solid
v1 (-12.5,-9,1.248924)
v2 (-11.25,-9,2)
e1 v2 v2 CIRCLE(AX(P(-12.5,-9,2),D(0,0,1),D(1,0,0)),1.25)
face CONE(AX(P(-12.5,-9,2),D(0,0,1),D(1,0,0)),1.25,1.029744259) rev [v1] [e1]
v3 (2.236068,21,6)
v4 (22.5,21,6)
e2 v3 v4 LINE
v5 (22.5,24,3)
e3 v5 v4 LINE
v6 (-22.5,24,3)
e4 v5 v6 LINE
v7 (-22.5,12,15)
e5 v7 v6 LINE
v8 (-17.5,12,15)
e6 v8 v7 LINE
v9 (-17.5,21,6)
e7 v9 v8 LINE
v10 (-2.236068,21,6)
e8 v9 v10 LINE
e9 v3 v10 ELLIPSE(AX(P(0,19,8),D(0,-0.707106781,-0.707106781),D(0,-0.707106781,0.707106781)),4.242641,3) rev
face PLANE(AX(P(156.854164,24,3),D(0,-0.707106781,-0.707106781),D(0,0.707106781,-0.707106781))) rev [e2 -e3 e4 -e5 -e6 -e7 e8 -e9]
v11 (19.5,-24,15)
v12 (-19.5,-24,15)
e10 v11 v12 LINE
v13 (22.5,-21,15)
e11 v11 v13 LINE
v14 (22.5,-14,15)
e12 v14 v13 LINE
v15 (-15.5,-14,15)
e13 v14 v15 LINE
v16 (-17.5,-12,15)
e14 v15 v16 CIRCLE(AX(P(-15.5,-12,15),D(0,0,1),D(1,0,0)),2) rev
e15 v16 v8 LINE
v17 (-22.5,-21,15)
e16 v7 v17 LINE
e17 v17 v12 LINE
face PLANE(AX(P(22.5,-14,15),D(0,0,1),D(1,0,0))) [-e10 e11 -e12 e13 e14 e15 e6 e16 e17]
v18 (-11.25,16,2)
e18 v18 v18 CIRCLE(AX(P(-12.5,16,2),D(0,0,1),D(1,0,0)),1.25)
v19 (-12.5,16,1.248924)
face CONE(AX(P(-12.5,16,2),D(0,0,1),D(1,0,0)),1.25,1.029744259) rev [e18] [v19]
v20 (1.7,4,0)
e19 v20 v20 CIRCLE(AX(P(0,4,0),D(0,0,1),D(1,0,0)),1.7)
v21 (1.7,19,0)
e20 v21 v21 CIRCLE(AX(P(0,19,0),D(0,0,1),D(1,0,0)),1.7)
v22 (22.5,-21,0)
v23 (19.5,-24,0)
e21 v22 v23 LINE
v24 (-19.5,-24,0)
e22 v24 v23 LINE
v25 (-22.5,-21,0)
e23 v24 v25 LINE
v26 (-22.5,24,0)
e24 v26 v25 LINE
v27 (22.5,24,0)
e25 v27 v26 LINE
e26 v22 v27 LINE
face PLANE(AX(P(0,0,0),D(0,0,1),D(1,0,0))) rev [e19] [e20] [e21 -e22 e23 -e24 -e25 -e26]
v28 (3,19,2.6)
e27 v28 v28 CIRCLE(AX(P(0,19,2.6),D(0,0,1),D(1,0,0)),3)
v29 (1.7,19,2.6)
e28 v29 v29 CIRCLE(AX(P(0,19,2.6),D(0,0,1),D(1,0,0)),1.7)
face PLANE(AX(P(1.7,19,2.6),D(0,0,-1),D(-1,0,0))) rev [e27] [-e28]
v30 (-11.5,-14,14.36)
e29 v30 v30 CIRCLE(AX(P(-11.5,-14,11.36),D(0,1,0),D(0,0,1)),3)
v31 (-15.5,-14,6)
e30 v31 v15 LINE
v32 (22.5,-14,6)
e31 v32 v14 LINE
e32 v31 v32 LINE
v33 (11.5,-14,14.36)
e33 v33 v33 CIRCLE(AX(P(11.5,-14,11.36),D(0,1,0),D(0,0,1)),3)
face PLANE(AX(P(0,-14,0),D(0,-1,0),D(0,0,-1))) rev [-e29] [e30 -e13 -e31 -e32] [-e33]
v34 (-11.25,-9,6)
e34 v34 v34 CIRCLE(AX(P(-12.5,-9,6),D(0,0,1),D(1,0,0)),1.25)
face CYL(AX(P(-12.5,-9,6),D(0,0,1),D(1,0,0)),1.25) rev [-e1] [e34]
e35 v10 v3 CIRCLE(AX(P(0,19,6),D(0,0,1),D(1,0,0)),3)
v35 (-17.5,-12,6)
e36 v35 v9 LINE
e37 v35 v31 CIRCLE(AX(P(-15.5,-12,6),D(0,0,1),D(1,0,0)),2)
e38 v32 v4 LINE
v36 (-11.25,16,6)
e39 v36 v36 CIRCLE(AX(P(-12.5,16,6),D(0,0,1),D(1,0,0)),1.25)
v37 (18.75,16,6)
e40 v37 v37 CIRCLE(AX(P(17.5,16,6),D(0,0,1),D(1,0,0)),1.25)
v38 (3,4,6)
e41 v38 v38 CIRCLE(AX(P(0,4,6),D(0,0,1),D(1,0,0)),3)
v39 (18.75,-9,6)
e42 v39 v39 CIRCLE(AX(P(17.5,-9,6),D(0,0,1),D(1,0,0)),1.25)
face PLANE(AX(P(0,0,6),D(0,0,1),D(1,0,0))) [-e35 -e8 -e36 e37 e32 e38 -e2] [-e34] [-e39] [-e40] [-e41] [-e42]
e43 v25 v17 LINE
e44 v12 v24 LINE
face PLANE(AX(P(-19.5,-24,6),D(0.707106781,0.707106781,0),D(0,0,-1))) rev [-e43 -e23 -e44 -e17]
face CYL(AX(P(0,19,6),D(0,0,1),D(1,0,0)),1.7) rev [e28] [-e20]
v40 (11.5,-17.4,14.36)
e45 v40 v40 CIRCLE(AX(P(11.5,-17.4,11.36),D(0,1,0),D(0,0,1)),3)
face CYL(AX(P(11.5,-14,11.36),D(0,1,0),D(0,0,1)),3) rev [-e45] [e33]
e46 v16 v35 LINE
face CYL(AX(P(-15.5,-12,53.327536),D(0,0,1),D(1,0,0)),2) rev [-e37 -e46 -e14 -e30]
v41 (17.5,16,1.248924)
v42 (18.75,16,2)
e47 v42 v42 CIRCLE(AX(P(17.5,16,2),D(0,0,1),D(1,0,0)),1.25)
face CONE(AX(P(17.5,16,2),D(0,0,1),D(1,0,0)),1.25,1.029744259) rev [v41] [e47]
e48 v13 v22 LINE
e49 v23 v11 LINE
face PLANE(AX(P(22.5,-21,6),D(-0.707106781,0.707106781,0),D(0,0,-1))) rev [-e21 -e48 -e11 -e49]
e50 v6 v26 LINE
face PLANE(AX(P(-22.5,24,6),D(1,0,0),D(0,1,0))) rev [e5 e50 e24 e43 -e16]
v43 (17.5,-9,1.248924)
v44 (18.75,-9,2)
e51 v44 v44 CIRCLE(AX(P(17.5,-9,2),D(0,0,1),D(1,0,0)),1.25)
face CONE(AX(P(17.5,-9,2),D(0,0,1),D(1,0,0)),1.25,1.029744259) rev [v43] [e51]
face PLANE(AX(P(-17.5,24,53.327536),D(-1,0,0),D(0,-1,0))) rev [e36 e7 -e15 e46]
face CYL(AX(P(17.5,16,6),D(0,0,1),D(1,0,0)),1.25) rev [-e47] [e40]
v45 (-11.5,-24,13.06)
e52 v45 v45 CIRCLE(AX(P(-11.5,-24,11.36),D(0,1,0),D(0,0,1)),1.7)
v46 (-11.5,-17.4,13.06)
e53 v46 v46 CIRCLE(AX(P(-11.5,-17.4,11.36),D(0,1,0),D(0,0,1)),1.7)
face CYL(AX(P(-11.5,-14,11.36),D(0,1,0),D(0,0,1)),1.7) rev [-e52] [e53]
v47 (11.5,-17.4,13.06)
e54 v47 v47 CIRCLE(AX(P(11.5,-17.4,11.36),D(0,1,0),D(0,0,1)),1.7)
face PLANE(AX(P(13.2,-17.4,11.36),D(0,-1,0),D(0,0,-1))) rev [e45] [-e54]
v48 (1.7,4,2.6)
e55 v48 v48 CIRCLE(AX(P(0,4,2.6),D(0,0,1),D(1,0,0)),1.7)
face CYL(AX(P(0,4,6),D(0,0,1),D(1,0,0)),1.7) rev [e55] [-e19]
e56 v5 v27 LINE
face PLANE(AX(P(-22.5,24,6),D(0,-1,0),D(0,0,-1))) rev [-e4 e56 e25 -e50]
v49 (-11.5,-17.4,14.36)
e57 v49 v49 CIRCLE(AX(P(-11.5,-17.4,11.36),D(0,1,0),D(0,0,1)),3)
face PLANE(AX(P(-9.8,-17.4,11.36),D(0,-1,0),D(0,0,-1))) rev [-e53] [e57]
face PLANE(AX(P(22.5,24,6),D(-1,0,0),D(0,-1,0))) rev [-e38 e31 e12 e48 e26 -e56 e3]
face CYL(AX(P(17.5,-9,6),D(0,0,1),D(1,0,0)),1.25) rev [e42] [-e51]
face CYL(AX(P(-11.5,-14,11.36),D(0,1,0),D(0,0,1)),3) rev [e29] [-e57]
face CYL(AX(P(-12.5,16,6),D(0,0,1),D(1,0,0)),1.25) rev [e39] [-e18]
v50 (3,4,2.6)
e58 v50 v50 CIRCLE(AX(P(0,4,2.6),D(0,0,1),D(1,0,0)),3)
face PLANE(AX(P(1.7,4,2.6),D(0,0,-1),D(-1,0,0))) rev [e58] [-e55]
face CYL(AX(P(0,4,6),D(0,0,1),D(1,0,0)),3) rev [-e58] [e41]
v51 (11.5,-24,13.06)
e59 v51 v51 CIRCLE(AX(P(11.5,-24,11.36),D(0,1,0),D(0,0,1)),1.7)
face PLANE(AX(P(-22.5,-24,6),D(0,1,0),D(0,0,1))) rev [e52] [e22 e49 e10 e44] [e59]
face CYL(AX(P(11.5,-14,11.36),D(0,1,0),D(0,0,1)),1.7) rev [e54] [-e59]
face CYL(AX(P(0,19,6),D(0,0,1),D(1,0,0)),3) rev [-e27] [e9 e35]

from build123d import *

# Parameters (mm, degrees)
SKETCH1_W                                            = 45
SKETCH1_H                                            = 48
BOSS_EXTRUDE1_DEPTH                                  = 6
SKETCH2_W                                            = 45
SKETCH2_H                                            = 15
BOSS_EXTRUDE2_DEPTH                                  = 10
CBORE_FOR_M3_HEXAGON_SOCKET_HEAD_CAP_SCR_D           = 3.4
CBORE_FOR_M3_HEXAGON_SOCKET_HEAD_CAP_SCR_DEPTH       = 15
CBORE_FOR_M3_HEXAGON_SOCKET_HEAD_CAP_SCR_CBORE_D     = 6
CBORE_FOR_M3_HEXAGON_SOCKET_HEAD_CAP_SCR_CBORE_DEPTH = 3.4
CBORE_FOR_M3_HEXAGON_SOCKET_HEAD_CAP_SCR_TIP         = 1.021463052
SKETCH6_W                                            = 5
SKETCH6_H                                            = 38
BOSS_EXTRUDE3_DEPTH                                  = 9
FILLET1_R                                            = 2
CBORE_FOR_M3_HEXAGON_SOCKET_HEAD_CAP_2_D             = 3.4
CBORE_FOR_M3_HEXAGON_SOCKET_HEAD_CAP_2_CBORE_D       = 6
CBORE_FOR_M3_HEXAGON_SOCKET_HEAD_CAP_2_CBORE_DEPTH   = 3.4
CHAMFER3_SIZE                                        = 3
CUT_EXTRUDE1_DEPTH                                   = 54.16013544
CUT_EXTRUDE1_DEPTH_BACK                              = 54.16013544
M3_TAPPED_HOLE1_D                                    = 2.5
M3_TAPPED_HOLE1_DEPTH                                = 4
M3_TAPPED_HOLE1_TIP                                  = 0.751075774


with BuildPart() as part:
    # Sketch1 → Boss-Extrude1 (new body)
    with BuildSketch(Plane.XY):
        Rectangle(SKETCH1_W, SKETCH1_H)
    extrude(amount=BOSS_EXTRUDE1_DEPTH)

    # Sketch2 → Boss-Extrude2 (add)
    with BuildSketch(Plane.XZ.offset(24)):
        with Locations((0, 7.5)):
            Rectangle(SKETCH2_W, SKETCH2_H)
    extrude(amount=-BOSS_EXTRUDE2_DEPTH)

    # CBORE for M3 Hexagon socket head cap scr
    with Locations(Plane(origin=(0, -14, 0), x_dir=(1, 0, 0), z_dir=(0, 1, 0))):
        with Locations((-11.5, -11.36), (11.5, -11.36)):
            CounterBoreHole(CBORE_FOR_M3_HEXAGON_SOCKET_HEAD_CAP_SCR_D / 2, CBORE_FOR_M3_HEXAGON_SOCKET_HEAD_CAP_SCR_CBORE_D / 2, CBORE_FOR_M3_HEXAGON_SOCKET_HEAD_CAP_SCR_CBORE_DEPTH, depth=CBORE_FOR_M3_HEXAGON_SOCKET_HEAD_CAP_SCR_DEPTH)
            with Locations((0, 0, -(CBORE_FOR_M3_HEXAGON_SOCKET_HEAD_CAP_SCR_DEPTH + CBORE_FOR_M3_HEXAGON_SOCKET_HEAD_CAP_SCR_TIP / 2))):  # 118° drill point
                Cone(0, CBORE_FOR_M3_HEXAGON_SOCKET_HEAD_CAP_SCR_D / 2, CBORE_FOR_M3_HEXAGON_SOCKET_HEAD_CAP_SCR_TIP, mode=Mode.SUBTRACT)

    # Sketch6 → Boss-Extrude3 (add)
    with BuildSketch(Plane.XY.offset(6)):
        with Locations((-20, 5)):
            Rectangle(SKETCH6_W, SKETCH6_H)
    extrude(amount=BOSS_EXTRUDE3_DEPTH)

    # Fillet1
    fillet1_edges = [part.edges().sort_by_distance(p)[0] for p in [
        (-17.5, -14, 10.5),
    ]]
    fillet(fillet1_edges, radius=FILLET1_R)

    # CBORE for M3 Hexagon socket head cap 2 (through all)
    with Locations(Plane.XY.offset(6)):
        with Locations((0, 19), (0, 4)):
            CounterBoreHole(CBORE_FOR_M3_HEXAGON_SOCKET_HEAD_CAP_2_D / 2, CBORE_FOR_M3_HEXAGON_SOCKET_HEAD_CAP_2_CBORE_D / 2, CBORE_FOR_M3_HEXAGON_SOCKET_HEAD_CAP_2_CBORE_DEPTH)

    # Chamfer3
    chamfer3_edges = [part.edges().sort_by_distance(p)[0] for p in [
        (22.5, -24, 7.5),
        (-22.5, -24, 7.5),
    ]]
    chamfer(chamfer3_edges, length=CHAMFER3_SIZE)

    # Sketch9 → Cut-Extrude1 (cut, two sides: drawn at the far end of the back side and taken through both)
    with BuildSketch(Plane(origin=(22.5, 0, 0), x_dir=(0, 0, -1), z_dir=(1, 0, 0)).offset(-CUT_EXTRUDE1_DEPTH_BACK)):
        Polygon((74.04249055, 101.04249055), (-3, 24), (-15, 12), (-92.04249055, -65.04249055), (-246.12747165, 89.04249055), (-80.04249055, 255.12747165), align=None)
    extrude(amount=CUT_EXTRUDE1_DEPTH + CUT_EXTRUDE1_DEPTH_BACK, mode=Mode.SUBTRACT)

    # M3 Tapped Hole1
    with Locations(Plane.XY.offset(6)):
        with Locations((-12.5, 16), (17.5, 16), (-12.5, -9), (17.5, -9)):
            Hole(M3_TAPPED_HOLE1_D / 2, depth=M3_TAPPED_HOLE1_DEPTH)
            with Locations((0, 0, -(M3_TAPPED_HOLE1_DEPTH + M3_TAPPED_HOLE1_TIP / 2))):  # 118° drill point
                Cone(0, M3_TAPPED_HOLE1_D / 2, M3_TAPPED_HOLE1_TIP, mode=Mode.SUBTRACT)


solid = part.part
